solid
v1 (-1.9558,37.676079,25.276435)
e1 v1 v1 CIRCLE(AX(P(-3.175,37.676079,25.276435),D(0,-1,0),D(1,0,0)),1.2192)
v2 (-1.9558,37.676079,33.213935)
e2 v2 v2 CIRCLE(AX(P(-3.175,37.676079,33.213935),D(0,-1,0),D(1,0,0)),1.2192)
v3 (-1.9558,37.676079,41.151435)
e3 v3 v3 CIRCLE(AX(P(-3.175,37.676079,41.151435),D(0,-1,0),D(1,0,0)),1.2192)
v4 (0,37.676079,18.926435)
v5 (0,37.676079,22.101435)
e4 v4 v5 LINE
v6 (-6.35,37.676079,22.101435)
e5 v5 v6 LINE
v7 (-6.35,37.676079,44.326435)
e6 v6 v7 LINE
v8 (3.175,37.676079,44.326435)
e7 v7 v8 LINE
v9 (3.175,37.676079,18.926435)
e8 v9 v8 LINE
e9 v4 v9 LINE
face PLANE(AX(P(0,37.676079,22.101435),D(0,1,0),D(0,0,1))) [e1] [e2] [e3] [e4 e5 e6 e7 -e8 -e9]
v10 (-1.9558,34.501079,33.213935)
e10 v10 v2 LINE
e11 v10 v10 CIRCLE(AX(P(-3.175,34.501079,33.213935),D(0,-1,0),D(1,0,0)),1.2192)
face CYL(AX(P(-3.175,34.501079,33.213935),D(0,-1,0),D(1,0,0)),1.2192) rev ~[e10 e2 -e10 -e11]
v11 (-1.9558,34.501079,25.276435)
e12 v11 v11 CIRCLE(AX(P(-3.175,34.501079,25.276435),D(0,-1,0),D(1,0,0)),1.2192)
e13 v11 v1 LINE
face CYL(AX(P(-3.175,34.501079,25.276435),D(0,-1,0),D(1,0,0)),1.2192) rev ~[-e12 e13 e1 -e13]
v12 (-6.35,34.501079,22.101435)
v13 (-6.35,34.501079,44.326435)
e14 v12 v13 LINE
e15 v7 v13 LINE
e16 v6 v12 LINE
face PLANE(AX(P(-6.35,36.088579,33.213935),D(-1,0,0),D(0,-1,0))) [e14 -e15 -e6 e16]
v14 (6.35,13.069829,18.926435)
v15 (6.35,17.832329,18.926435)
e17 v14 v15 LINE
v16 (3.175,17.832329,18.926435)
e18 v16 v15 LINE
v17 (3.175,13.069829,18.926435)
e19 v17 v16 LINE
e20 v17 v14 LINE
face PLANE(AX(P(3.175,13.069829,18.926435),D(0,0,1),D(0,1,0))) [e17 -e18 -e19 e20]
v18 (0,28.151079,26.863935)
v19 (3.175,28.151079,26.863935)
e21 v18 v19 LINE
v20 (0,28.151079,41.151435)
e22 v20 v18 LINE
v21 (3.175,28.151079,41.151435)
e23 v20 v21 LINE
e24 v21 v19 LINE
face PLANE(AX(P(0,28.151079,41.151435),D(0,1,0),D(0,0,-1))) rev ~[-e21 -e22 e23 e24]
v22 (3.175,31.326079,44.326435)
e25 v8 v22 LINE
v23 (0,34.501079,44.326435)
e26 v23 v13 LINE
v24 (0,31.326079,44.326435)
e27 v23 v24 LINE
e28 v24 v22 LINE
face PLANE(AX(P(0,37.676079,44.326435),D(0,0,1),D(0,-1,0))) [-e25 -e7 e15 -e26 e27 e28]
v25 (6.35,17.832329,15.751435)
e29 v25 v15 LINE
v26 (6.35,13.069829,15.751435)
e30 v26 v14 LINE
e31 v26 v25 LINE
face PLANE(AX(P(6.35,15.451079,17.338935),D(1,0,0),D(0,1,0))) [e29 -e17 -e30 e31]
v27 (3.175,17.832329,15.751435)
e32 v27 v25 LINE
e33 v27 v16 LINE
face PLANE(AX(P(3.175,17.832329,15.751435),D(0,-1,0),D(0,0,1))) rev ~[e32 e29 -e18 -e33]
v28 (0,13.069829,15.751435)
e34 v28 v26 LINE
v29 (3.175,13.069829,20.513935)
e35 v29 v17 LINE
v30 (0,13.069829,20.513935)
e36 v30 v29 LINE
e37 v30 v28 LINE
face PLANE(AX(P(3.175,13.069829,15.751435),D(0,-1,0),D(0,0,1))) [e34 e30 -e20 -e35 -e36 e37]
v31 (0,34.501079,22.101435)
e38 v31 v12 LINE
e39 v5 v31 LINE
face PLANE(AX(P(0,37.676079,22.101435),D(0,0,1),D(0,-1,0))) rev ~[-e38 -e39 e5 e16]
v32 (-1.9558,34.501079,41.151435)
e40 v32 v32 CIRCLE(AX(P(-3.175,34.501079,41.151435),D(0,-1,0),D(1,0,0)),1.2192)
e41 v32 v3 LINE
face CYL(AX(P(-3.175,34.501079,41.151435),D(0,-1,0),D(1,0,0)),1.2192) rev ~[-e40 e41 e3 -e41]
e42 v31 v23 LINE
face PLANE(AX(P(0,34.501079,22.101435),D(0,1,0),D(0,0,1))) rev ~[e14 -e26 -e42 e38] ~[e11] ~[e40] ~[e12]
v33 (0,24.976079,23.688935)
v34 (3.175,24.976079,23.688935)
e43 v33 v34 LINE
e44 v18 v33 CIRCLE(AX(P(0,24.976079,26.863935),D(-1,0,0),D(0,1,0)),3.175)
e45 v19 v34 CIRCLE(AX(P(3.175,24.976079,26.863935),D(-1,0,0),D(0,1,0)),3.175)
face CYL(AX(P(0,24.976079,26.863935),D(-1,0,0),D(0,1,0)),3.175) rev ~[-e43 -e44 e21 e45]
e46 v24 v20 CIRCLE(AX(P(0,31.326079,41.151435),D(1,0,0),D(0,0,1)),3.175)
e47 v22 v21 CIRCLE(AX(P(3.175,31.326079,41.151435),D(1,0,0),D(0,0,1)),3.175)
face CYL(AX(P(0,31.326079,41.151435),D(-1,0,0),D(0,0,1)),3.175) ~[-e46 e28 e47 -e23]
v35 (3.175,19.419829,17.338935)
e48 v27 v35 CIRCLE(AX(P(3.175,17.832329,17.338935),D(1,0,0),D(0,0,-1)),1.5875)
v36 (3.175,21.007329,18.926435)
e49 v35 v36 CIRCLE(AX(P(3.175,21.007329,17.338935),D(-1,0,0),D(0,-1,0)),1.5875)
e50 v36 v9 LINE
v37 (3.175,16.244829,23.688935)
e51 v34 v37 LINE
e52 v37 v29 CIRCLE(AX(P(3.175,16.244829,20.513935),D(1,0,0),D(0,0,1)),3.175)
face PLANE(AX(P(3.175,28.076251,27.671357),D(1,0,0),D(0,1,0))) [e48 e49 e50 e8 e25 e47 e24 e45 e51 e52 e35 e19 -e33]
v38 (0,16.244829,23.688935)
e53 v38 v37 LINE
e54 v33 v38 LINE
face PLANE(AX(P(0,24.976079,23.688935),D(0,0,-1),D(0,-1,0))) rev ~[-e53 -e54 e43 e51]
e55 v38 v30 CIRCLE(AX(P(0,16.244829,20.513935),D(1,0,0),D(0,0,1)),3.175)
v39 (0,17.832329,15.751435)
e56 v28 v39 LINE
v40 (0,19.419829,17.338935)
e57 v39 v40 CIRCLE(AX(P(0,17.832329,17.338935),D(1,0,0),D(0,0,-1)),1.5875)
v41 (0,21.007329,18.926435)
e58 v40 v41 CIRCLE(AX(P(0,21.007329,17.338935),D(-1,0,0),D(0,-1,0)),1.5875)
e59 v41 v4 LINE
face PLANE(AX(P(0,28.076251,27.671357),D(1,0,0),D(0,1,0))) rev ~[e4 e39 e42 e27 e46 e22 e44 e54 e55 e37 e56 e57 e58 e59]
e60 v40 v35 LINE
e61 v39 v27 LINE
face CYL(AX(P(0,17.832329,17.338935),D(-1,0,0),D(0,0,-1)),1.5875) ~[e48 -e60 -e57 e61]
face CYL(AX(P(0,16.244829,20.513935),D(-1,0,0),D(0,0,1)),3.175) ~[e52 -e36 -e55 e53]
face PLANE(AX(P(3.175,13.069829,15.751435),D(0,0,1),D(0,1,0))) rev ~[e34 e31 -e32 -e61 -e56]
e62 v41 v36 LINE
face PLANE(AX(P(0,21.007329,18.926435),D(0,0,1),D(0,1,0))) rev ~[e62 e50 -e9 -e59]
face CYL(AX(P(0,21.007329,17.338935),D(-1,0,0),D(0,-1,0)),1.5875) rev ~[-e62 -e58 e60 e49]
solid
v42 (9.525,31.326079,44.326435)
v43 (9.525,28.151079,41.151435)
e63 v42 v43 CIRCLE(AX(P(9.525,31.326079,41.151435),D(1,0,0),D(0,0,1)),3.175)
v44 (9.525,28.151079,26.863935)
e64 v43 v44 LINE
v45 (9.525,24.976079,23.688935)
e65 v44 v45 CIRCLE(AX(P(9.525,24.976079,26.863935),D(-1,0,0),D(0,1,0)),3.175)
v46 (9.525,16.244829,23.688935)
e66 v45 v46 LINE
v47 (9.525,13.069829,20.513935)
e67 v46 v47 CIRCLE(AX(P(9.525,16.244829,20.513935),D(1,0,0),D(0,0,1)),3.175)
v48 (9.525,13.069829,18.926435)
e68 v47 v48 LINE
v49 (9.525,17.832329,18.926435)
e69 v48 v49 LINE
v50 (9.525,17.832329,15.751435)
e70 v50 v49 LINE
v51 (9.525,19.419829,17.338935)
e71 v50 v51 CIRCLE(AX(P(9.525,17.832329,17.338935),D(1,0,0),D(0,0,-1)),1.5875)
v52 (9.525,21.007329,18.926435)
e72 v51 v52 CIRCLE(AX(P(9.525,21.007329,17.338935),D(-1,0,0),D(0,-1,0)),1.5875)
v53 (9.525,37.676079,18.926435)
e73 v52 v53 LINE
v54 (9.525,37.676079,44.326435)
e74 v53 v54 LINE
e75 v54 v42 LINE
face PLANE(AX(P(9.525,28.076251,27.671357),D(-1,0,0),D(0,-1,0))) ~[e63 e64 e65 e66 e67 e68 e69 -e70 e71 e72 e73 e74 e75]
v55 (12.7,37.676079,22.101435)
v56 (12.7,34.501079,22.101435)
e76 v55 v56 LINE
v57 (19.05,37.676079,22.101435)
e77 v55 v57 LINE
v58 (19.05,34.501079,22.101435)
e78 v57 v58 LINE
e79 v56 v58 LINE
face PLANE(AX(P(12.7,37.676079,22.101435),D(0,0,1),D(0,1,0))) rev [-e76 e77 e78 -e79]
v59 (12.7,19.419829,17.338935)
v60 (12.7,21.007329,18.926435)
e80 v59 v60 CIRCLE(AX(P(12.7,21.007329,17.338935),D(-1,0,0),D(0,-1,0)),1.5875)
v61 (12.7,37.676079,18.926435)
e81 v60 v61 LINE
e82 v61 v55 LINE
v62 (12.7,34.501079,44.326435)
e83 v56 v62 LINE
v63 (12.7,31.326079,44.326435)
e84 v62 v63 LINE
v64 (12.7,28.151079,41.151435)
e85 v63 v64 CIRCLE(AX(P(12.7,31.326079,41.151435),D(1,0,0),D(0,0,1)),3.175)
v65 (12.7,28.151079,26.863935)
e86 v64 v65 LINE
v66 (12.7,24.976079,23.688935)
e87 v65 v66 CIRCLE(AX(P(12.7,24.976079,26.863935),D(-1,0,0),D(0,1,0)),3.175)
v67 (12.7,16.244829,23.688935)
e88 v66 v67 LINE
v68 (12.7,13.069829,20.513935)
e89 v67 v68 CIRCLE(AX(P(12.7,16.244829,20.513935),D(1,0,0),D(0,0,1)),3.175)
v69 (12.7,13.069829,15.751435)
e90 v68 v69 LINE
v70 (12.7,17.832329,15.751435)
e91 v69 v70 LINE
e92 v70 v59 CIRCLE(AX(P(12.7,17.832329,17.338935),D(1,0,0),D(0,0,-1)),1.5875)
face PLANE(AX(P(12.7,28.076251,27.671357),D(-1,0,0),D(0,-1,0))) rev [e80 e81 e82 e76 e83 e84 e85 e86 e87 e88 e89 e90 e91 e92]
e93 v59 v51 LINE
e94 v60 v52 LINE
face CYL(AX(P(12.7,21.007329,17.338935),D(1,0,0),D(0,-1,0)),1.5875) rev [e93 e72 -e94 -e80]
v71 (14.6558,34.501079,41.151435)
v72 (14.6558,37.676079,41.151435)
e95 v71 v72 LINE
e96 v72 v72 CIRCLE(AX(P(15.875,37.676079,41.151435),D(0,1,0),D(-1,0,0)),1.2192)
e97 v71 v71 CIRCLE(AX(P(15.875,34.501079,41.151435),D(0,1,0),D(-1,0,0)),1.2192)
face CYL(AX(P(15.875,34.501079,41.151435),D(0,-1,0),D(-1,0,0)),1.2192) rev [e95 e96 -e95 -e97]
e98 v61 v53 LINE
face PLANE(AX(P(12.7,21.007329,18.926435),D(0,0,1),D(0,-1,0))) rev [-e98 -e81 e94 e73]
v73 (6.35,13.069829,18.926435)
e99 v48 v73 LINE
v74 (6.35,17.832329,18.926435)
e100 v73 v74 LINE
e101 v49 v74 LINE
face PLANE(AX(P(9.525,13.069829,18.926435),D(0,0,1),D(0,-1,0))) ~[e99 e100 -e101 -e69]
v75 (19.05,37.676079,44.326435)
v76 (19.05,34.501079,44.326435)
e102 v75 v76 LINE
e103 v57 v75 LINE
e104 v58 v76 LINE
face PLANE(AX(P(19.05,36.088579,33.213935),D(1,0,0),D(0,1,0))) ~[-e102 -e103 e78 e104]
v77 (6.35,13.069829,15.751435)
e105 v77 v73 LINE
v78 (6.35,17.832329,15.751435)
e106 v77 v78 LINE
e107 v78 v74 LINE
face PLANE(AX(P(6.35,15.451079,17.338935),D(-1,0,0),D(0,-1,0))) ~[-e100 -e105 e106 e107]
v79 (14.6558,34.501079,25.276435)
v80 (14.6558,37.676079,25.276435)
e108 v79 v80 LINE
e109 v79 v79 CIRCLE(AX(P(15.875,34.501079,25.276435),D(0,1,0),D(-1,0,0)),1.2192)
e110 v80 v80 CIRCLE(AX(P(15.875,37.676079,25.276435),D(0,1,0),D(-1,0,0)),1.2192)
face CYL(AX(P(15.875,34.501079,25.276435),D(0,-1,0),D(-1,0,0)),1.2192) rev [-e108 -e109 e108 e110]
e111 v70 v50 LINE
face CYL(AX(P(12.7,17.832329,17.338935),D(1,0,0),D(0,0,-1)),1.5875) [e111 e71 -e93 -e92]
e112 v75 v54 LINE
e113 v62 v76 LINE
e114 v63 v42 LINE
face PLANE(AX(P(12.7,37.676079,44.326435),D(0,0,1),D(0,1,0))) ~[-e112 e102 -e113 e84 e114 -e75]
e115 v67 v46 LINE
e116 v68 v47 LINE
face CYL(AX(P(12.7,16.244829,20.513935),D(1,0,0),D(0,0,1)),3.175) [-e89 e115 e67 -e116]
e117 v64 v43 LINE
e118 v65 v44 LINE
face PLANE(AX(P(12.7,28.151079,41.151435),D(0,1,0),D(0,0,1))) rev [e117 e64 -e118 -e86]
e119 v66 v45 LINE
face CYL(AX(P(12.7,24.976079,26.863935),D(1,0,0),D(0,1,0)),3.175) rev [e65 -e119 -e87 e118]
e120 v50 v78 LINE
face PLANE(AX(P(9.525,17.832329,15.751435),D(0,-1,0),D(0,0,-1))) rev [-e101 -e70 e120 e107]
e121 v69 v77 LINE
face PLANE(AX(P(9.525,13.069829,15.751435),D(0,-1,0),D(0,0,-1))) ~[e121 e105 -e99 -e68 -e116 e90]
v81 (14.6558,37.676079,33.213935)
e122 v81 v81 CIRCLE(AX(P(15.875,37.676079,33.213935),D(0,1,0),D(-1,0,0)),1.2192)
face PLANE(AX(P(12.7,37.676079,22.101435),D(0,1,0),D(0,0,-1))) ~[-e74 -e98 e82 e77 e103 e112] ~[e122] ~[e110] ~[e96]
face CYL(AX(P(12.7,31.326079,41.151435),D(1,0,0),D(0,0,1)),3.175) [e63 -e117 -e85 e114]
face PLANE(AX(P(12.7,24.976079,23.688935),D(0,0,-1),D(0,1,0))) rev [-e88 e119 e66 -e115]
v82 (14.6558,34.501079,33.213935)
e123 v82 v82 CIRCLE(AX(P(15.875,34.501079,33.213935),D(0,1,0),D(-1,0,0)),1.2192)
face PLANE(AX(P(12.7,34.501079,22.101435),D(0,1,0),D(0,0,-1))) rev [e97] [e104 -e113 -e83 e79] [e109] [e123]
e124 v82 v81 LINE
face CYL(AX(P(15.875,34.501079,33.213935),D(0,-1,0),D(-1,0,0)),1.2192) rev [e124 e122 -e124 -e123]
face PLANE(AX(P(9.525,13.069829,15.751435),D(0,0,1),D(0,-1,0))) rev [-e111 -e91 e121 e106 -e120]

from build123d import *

# Parameters (mm, degrees)
F1_DEPTH = 3.175
F2_W     = 4.7625
F2_H     = 3.175
F3_DEPTH = 3.175
F4_W     = 3.175
F4_H     = 22.225
F5_DEPTH = 6.35
F6_R     = 1.2192
F7_DEPTH = 25.4


with BuildPart() as f1:
    # F0 (on Right) → F1 (new body)
    with BuildSketch(Plane.YZ):
        with BuildLine():
            Line((37.6760785595, 44.3264348761), (31.3260785595, 44.3264348761))
            ThreePointArc((31.3260785595, 44.3264348761), (29.0810145292, 43.3964989063), (28.1510785595, 41.1514348761))
            Line((28.1510785595, 41.1514348761), (28.1510785595, 26.8639348761))
            ThreePointArc((28.1510785595, 26.8639348761), (27.2211425898, 24.6188708458), (24.9760785595, 23.6889348761))
            Line((24.9760785595, 23.6889348761), (16.2448285595, 23.6889348761))
            ThreePointArc((16.2448285595, 23.6889348761), (13.9997645292, 22.7589989063), (13.0698285595, 20.5139348761))
            Line((13.0698285595, 20.5139348761), (13.0698285595, 15.7514348761))
            Line((13.0698285595, 15.7514348761), (17.8323285595, 15.7514348761))
            ThreePointArc((17.8323285595, 15.7514348761), (18.9548605746, 16.2164028609), (19.4198285595, 17.3389348761))
            ThreePointArc((19.4198285595, 17.3389348761), (19.8847965444, 18.4614668912), (21.0073285595, 18.9264348761))
            Line((21.0073285595, 18.9264348761), (37.6760785595, 18.9264348761))
            Line((37.6760785595, 18.9264348761), (37.6760785595, 44.3264348761))
        make_face()
    extrude(amount=F1_DEPTH)

    # F2 (on face) → F3 (join)
    with BuildSketch(Plane.YZ.offset(3.175)):
        with Locations((15.4510785595, 17.3389348761)):
            Rectangle(F2_W, F2_H)
    extrude(amount=F3_DEPTH)

    # F4 (on face) → F5 (join)
    with BuildSketch(Plane(origin=(0, 0, 0), x_dir=(0, -1, 0), z_dir=(-1, 0, 0))):
        with Locations((-36.0885785595, 33.2139348761)):
            Rectangle(F4_W, F4_H)
    extrude(amount=F5_DEPTH)

    # F6 (on face) → F7 (cut)
    with BuildSketch(Plane.XZ.offset(-34.5010785595)):
        with Locations((-3.175, 41.1514348761)):
            Circle(F6_R)
        with Locations((-3.175, 33.2139348761)):
            Circle(F6_R)
        with Locations((-3.175, 25.2764348761)):
            Circle(F6_R)
    extrude(amount=-F7_DEPTH, mode=Mode.SUBTRACT)


with BuildPart() as f8_1:
    # F8: instance of F1
    add(f1.part.mirror(Plane(origin=(6.35, 15.4510785595, 17.3389348761), x_dir=(0, 1, 0), z_dir=(1, 0, 0))))


solid = Compound([f1.part, f8_1.part])
